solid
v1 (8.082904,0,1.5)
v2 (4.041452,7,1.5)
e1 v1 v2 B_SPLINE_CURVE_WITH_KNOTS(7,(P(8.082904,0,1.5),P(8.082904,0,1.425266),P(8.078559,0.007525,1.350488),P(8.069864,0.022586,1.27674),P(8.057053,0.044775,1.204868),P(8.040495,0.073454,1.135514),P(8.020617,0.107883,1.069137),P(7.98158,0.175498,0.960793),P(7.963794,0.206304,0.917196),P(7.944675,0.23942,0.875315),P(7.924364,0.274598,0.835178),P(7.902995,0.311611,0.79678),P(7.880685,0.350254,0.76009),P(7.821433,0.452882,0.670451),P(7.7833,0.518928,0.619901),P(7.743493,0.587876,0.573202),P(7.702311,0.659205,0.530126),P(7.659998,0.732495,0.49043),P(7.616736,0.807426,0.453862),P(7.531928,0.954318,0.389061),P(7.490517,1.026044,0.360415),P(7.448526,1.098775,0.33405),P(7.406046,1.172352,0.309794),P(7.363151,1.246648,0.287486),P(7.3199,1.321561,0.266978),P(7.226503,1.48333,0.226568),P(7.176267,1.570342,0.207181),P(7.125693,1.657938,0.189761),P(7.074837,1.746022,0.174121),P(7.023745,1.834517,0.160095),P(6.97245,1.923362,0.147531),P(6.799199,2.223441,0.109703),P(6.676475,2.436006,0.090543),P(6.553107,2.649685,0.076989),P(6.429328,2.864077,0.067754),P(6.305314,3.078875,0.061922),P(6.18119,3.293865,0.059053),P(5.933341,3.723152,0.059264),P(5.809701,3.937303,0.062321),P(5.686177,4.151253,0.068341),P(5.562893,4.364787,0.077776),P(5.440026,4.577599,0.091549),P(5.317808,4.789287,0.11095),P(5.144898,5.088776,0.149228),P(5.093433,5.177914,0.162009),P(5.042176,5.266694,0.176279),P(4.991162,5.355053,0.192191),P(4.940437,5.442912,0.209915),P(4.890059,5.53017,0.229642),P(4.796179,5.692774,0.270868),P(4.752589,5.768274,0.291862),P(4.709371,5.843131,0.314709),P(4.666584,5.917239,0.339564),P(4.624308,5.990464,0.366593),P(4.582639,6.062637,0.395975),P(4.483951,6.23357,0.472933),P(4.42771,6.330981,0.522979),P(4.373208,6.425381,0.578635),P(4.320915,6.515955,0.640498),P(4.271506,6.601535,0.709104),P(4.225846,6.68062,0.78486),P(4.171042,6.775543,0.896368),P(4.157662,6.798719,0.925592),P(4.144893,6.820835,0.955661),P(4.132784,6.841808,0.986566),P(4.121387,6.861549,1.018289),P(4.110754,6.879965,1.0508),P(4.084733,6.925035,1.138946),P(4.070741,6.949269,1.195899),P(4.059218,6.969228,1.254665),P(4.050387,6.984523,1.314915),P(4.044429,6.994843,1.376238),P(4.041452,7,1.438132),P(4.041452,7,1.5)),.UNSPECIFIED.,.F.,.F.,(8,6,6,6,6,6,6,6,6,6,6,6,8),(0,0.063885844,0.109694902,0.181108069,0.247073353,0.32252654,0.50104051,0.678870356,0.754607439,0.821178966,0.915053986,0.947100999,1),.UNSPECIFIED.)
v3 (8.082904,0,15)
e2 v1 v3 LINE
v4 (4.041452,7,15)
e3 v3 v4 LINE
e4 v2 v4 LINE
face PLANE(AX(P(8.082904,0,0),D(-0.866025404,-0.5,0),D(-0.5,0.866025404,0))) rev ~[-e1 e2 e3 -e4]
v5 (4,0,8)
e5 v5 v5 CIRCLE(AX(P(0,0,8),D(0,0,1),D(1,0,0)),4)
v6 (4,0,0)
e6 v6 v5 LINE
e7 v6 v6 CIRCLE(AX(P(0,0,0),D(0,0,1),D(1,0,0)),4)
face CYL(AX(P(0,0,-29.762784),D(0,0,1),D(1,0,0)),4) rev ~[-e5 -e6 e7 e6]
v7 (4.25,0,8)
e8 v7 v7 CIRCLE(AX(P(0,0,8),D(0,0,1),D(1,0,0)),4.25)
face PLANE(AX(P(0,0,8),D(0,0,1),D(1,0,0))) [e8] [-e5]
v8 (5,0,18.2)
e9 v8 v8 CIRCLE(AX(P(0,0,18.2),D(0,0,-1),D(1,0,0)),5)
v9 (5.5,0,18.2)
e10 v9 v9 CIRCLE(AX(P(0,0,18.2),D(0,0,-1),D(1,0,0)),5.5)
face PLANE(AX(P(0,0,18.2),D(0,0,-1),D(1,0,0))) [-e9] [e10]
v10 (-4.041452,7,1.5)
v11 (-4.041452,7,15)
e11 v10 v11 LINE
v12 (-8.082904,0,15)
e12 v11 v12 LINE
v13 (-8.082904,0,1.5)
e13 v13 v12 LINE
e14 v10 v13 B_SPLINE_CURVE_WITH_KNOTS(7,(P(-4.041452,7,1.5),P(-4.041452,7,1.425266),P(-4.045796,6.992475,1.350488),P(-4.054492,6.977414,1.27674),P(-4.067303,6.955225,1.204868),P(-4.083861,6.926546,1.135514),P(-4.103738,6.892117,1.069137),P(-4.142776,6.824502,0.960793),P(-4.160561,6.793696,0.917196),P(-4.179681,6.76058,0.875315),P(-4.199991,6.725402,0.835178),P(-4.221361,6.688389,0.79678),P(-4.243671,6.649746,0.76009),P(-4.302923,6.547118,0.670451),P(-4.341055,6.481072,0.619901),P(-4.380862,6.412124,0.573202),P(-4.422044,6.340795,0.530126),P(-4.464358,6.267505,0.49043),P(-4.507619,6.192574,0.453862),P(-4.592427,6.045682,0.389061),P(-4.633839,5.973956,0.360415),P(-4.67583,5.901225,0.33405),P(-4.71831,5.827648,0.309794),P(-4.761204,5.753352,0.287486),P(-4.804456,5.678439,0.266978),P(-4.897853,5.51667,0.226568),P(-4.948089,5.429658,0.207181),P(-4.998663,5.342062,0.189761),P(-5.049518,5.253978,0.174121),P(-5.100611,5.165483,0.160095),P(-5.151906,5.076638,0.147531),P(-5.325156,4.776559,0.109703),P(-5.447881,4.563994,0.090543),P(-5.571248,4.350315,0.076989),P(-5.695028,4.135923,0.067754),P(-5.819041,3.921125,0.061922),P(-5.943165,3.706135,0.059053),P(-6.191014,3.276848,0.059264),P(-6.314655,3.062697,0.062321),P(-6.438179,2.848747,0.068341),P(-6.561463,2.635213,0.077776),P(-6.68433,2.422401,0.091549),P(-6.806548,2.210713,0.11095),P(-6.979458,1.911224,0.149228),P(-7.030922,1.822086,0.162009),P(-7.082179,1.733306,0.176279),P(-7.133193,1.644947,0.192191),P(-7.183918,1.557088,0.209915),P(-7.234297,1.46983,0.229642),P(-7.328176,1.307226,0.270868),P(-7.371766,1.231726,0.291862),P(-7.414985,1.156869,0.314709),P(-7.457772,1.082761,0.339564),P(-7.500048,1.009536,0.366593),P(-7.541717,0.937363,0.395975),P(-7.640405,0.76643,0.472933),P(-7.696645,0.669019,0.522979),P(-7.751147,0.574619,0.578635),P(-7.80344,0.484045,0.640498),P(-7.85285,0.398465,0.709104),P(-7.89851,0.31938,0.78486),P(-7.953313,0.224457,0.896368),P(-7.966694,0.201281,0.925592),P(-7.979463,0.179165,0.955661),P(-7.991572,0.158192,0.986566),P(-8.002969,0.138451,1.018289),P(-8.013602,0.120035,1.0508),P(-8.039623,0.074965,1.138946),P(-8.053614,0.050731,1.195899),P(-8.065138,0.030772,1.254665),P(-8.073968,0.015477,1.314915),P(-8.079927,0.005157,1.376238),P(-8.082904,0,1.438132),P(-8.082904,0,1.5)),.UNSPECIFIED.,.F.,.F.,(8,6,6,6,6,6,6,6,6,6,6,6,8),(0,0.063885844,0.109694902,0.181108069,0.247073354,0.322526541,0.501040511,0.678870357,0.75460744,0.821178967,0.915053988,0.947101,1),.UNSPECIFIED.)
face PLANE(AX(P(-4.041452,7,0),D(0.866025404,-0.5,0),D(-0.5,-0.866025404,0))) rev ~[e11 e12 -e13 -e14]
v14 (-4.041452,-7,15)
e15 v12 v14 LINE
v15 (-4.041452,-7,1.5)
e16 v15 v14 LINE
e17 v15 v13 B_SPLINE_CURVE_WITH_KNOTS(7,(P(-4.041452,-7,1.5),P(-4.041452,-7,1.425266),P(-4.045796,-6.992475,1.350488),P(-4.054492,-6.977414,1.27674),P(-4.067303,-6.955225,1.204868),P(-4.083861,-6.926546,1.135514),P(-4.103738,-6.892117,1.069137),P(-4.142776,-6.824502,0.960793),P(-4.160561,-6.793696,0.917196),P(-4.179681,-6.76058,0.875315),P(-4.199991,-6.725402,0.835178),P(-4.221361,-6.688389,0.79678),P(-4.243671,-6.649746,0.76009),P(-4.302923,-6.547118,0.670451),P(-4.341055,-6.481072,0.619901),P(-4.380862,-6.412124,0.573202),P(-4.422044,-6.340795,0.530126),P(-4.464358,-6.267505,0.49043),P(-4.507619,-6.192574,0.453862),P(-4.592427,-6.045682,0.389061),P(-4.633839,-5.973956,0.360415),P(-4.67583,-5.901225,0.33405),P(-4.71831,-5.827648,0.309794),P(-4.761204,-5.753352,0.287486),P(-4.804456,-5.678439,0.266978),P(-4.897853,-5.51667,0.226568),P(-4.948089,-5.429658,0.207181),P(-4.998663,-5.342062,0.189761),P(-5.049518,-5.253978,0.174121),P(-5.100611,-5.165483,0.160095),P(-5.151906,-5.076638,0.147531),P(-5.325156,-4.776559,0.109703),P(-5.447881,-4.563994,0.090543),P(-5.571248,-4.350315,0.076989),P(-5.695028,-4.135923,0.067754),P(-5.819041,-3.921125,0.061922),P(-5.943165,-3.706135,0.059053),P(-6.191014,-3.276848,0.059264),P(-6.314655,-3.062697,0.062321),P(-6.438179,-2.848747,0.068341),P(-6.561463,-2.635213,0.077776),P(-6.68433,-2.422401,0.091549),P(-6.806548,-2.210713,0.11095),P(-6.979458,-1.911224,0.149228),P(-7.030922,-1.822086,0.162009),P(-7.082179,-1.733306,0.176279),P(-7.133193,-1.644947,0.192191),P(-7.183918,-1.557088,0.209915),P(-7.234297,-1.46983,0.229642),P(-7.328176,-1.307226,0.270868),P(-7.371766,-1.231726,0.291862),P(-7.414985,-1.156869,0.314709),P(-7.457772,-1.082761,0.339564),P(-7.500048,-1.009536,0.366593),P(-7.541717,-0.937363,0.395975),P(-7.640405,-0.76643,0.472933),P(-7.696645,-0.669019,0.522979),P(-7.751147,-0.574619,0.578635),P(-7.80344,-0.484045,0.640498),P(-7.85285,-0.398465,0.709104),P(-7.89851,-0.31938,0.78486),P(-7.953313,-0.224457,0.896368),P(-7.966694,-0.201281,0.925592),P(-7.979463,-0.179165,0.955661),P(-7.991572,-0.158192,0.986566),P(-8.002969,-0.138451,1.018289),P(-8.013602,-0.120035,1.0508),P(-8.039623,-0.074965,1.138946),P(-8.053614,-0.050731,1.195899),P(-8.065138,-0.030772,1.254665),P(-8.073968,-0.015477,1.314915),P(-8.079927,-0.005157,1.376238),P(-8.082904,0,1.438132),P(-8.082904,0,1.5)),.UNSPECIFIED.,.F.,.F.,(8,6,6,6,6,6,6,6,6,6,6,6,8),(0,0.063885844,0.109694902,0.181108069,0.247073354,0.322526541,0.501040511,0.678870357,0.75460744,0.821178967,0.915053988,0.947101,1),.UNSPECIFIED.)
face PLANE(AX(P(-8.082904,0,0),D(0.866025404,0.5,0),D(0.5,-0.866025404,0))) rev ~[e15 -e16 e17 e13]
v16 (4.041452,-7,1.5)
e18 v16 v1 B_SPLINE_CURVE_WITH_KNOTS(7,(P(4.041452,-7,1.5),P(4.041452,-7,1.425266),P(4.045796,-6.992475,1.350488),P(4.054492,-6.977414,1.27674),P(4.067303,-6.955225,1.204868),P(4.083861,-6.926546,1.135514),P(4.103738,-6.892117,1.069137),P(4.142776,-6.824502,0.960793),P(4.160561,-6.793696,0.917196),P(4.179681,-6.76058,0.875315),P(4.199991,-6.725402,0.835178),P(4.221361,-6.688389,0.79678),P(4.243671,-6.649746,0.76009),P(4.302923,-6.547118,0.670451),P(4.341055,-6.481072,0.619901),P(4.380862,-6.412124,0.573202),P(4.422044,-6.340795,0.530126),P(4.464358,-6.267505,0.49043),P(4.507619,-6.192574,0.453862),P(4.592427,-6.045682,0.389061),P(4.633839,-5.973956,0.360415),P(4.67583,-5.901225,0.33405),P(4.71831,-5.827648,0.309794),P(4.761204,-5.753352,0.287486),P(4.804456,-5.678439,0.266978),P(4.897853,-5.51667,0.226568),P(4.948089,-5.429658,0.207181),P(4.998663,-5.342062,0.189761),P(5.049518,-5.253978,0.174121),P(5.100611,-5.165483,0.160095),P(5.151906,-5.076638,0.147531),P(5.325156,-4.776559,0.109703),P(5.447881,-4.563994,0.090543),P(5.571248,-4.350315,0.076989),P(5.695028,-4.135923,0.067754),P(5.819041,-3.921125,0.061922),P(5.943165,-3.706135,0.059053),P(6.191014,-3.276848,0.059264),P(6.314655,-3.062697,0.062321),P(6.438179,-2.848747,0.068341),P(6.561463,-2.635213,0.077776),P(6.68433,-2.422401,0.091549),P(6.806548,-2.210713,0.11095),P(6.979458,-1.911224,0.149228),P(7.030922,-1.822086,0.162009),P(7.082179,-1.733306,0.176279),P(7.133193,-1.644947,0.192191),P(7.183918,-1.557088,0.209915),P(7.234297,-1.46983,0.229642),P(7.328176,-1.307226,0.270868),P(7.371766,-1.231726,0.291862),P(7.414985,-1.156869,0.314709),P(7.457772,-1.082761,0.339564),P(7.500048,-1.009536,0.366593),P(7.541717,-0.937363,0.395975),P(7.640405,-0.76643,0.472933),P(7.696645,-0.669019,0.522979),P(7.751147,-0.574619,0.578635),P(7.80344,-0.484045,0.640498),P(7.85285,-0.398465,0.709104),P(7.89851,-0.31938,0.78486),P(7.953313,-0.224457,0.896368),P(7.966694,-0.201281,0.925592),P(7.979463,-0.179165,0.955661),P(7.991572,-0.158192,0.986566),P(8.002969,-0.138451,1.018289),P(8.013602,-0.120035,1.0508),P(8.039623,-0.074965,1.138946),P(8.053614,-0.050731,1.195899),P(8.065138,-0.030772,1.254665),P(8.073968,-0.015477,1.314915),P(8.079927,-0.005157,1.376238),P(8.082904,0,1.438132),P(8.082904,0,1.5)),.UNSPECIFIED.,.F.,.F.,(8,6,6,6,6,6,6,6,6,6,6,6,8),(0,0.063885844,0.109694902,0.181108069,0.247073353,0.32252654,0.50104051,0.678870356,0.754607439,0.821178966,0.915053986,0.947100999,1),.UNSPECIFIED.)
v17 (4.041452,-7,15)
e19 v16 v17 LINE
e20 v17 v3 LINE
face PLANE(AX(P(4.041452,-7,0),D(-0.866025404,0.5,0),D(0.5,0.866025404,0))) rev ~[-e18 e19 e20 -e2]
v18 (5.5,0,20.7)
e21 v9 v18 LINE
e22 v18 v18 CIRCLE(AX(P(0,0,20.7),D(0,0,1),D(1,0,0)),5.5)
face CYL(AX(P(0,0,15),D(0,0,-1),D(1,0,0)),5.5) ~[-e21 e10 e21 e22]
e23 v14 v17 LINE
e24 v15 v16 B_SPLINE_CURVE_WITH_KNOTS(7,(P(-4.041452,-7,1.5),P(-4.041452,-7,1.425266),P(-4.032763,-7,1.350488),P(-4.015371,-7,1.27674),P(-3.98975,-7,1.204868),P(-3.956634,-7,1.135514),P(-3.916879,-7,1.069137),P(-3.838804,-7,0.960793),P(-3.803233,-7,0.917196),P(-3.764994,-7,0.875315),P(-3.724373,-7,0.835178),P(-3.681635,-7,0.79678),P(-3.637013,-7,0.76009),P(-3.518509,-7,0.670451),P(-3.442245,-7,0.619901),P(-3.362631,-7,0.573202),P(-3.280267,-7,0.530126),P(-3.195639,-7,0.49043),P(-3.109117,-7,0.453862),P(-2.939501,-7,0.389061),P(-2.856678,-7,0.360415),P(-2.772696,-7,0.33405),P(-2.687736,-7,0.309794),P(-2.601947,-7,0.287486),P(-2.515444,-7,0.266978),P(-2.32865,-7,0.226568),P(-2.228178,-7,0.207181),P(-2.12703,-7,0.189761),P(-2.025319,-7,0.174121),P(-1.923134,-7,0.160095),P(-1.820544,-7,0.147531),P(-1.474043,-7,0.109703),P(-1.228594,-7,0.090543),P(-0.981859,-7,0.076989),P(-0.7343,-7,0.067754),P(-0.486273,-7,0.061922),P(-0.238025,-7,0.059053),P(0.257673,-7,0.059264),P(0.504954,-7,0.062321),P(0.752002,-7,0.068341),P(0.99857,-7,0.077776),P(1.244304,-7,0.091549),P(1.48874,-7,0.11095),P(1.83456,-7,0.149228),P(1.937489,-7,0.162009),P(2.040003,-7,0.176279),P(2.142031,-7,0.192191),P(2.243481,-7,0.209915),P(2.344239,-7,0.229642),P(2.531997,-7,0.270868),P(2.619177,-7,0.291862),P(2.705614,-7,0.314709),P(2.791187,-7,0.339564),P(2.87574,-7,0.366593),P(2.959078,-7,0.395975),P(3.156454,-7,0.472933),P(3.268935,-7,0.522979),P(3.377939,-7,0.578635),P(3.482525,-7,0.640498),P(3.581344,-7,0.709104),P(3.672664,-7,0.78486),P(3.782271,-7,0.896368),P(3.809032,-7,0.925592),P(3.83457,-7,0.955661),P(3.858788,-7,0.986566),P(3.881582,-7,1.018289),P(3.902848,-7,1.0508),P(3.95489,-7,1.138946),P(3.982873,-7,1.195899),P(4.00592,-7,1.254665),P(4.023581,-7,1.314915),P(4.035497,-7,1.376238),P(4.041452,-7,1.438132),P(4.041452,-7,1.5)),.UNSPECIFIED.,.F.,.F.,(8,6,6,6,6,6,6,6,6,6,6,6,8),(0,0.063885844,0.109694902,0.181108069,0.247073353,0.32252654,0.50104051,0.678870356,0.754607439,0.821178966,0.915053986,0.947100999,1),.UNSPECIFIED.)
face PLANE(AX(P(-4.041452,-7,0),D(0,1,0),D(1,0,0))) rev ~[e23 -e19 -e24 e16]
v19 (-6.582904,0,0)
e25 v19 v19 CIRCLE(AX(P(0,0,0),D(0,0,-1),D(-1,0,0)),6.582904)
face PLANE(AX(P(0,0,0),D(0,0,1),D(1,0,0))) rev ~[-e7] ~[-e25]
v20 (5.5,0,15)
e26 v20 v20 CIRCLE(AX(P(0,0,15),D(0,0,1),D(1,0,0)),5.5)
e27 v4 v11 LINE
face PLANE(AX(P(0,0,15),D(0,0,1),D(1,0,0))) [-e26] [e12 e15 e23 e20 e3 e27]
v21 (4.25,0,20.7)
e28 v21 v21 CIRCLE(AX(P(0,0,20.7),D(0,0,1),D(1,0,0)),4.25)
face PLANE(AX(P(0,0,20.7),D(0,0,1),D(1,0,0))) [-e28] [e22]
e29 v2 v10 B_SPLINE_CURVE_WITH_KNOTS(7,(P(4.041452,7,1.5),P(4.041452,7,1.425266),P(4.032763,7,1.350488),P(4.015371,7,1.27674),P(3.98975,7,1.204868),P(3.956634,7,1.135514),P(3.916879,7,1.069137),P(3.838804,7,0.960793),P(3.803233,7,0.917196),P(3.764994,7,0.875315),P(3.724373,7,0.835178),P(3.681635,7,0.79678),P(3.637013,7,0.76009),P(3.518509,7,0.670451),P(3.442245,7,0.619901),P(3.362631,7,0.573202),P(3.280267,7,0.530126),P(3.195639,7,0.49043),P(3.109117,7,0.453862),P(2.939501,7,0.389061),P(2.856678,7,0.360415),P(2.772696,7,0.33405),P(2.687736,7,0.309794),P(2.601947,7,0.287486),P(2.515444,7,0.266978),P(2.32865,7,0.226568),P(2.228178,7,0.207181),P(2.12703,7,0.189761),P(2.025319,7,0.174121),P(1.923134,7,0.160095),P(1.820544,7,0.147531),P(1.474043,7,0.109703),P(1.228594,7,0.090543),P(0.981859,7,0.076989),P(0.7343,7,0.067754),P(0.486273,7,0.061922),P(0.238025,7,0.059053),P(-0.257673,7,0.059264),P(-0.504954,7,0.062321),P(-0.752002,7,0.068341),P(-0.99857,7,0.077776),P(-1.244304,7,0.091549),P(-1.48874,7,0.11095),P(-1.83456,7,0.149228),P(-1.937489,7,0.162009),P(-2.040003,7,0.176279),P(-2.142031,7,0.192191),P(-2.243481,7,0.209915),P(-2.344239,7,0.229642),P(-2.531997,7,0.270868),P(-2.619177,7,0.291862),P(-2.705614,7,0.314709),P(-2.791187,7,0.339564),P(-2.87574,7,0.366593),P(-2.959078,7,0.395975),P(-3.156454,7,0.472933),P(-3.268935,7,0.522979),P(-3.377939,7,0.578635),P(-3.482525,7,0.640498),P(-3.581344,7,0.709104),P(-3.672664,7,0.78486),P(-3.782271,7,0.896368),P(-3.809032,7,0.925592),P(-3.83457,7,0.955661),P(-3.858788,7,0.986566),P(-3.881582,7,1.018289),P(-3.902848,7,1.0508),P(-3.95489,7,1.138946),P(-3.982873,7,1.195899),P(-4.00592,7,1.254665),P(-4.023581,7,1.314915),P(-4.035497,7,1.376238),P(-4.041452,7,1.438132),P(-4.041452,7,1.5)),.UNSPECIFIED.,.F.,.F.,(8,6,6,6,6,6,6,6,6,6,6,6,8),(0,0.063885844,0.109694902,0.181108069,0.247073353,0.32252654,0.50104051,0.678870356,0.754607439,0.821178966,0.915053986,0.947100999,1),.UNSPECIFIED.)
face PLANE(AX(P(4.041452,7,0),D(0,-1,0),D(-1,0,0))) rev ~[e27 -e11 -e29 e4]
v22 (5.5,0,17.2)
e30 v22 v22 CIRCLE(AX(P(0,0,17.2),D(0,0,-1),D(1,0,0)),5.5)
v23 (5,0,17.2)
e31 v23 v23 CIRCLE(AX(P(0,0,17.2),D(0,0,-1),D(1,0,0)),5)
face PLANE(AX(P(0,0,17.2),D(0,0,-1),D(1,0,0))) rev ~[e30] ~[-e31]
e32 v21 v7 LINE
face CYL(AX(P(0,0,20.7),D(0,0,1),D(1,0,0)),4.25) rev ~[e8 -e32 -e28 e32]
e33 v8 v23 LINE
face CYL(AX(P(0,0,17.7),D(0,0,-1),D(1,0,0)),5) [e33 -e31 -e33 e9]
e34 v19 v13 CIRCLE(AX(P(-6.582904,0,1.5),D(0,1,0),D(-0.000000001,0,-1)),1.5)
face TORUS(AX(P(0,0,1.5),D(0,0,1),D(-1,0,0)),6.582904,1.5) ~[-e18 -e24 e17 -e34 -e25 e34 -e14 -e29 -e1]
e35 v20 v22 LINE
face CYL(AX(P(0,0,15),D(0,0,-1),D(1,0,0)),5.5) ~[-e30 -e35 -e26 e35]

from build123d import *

# Parameters (mm, degrees)
EXTRUDE_1_DEPTH     = 15
SKETCH_2_R          = 5.5
EXTRUDE_2_DEPTH     = 5.7
SKETCH_3_R          = 4.25
CUT_EXTRUDE_1_DEPTH = 12.7
M8X1_25_1_D         = 8
SKETCH_8_W          = 0.5
SKETCH_8_H          = 1


with BuildPart() as part:
    # 草图1 → 凸台-拉伸1 (new body)
    with BuildSketch(Plane.XY):
        Polygon((-8.082903769, 0), (-4.041451884, -7), (4.041451884, -7), (8.082903769, 0), (4.041451884, 7), (-4.041451884, 7), align=None)
    extrude(amount=EXTRUDE_1_DEPTH)

    # 草图2 → 凸台-拉伸2 (add)
    with BuildSketch(Plane.XY.offset(15)):
        Circle(SKETCH_2_R)
    extrude(amount=EXTRUDE_2_DEPTH)

    # 草图3 → 切除-拉伸1 (cut)
    with BuildSketch(Plane.XY.offset(20.7)):
        Circle(SKETCH_3_R)
    extrude(amount=-CUT_EXTRUDE_1_DEPTH, mode=Mode.SUBTRACT)

    # M8x1.25 螺纹孔1 (through all)
    with Locations(Plane(origin=(0, 0, 0), x_dir=(-1, 0, 0), z_dir=(0, 0, -1))):
        with Locations((0, 0)):
            Hole(M8X1_25_1_D / 2)

    # 草图8 → 切除-旋转1 (revolve, cut)
    with BuildSketch(Plane(origin=(0, 0, 0), x_dir=(1, 0, 0), z_dir=(0, 1, 0)), mode=Mode.PRIVATE) as cut_revolve_1_sk:
        with Locations((-5.25, -17.7)):
            Rectangle(SKETCH_8_W, SKETCH_8_H)
    revolve(cut_revolve_1_sk.sketch.rotate(Axis((0, 0, 8), (0, 0, -1)), 180), axis=Axis((0, 0, 8), (0, 0, -1)), mode=Mode.SUBTRACT)

    # 草图9 → 切除-旋转2 (revolve, cut)
    with BuildSketch(Plane(origin=(0, 0, 0), x_dir=(1, 0, 0), z_dir=(0, 1, 0))):
        with BuildLine():
            Line((-8.082903769, -1.5), (-8.082903769, 0))
            Line((-8.082903769, 0), (-6.582903769, 0))
            ThreePointArc((-6.582903769, 0), (-7.64356394, -0.439339828), (-8.082903769, -1.5))
        make_face()
    revolve(axis=Axis((0, 0, 8), (0, 0, -1)), mode=Mode.SUBTRACT)


solid = part.part
